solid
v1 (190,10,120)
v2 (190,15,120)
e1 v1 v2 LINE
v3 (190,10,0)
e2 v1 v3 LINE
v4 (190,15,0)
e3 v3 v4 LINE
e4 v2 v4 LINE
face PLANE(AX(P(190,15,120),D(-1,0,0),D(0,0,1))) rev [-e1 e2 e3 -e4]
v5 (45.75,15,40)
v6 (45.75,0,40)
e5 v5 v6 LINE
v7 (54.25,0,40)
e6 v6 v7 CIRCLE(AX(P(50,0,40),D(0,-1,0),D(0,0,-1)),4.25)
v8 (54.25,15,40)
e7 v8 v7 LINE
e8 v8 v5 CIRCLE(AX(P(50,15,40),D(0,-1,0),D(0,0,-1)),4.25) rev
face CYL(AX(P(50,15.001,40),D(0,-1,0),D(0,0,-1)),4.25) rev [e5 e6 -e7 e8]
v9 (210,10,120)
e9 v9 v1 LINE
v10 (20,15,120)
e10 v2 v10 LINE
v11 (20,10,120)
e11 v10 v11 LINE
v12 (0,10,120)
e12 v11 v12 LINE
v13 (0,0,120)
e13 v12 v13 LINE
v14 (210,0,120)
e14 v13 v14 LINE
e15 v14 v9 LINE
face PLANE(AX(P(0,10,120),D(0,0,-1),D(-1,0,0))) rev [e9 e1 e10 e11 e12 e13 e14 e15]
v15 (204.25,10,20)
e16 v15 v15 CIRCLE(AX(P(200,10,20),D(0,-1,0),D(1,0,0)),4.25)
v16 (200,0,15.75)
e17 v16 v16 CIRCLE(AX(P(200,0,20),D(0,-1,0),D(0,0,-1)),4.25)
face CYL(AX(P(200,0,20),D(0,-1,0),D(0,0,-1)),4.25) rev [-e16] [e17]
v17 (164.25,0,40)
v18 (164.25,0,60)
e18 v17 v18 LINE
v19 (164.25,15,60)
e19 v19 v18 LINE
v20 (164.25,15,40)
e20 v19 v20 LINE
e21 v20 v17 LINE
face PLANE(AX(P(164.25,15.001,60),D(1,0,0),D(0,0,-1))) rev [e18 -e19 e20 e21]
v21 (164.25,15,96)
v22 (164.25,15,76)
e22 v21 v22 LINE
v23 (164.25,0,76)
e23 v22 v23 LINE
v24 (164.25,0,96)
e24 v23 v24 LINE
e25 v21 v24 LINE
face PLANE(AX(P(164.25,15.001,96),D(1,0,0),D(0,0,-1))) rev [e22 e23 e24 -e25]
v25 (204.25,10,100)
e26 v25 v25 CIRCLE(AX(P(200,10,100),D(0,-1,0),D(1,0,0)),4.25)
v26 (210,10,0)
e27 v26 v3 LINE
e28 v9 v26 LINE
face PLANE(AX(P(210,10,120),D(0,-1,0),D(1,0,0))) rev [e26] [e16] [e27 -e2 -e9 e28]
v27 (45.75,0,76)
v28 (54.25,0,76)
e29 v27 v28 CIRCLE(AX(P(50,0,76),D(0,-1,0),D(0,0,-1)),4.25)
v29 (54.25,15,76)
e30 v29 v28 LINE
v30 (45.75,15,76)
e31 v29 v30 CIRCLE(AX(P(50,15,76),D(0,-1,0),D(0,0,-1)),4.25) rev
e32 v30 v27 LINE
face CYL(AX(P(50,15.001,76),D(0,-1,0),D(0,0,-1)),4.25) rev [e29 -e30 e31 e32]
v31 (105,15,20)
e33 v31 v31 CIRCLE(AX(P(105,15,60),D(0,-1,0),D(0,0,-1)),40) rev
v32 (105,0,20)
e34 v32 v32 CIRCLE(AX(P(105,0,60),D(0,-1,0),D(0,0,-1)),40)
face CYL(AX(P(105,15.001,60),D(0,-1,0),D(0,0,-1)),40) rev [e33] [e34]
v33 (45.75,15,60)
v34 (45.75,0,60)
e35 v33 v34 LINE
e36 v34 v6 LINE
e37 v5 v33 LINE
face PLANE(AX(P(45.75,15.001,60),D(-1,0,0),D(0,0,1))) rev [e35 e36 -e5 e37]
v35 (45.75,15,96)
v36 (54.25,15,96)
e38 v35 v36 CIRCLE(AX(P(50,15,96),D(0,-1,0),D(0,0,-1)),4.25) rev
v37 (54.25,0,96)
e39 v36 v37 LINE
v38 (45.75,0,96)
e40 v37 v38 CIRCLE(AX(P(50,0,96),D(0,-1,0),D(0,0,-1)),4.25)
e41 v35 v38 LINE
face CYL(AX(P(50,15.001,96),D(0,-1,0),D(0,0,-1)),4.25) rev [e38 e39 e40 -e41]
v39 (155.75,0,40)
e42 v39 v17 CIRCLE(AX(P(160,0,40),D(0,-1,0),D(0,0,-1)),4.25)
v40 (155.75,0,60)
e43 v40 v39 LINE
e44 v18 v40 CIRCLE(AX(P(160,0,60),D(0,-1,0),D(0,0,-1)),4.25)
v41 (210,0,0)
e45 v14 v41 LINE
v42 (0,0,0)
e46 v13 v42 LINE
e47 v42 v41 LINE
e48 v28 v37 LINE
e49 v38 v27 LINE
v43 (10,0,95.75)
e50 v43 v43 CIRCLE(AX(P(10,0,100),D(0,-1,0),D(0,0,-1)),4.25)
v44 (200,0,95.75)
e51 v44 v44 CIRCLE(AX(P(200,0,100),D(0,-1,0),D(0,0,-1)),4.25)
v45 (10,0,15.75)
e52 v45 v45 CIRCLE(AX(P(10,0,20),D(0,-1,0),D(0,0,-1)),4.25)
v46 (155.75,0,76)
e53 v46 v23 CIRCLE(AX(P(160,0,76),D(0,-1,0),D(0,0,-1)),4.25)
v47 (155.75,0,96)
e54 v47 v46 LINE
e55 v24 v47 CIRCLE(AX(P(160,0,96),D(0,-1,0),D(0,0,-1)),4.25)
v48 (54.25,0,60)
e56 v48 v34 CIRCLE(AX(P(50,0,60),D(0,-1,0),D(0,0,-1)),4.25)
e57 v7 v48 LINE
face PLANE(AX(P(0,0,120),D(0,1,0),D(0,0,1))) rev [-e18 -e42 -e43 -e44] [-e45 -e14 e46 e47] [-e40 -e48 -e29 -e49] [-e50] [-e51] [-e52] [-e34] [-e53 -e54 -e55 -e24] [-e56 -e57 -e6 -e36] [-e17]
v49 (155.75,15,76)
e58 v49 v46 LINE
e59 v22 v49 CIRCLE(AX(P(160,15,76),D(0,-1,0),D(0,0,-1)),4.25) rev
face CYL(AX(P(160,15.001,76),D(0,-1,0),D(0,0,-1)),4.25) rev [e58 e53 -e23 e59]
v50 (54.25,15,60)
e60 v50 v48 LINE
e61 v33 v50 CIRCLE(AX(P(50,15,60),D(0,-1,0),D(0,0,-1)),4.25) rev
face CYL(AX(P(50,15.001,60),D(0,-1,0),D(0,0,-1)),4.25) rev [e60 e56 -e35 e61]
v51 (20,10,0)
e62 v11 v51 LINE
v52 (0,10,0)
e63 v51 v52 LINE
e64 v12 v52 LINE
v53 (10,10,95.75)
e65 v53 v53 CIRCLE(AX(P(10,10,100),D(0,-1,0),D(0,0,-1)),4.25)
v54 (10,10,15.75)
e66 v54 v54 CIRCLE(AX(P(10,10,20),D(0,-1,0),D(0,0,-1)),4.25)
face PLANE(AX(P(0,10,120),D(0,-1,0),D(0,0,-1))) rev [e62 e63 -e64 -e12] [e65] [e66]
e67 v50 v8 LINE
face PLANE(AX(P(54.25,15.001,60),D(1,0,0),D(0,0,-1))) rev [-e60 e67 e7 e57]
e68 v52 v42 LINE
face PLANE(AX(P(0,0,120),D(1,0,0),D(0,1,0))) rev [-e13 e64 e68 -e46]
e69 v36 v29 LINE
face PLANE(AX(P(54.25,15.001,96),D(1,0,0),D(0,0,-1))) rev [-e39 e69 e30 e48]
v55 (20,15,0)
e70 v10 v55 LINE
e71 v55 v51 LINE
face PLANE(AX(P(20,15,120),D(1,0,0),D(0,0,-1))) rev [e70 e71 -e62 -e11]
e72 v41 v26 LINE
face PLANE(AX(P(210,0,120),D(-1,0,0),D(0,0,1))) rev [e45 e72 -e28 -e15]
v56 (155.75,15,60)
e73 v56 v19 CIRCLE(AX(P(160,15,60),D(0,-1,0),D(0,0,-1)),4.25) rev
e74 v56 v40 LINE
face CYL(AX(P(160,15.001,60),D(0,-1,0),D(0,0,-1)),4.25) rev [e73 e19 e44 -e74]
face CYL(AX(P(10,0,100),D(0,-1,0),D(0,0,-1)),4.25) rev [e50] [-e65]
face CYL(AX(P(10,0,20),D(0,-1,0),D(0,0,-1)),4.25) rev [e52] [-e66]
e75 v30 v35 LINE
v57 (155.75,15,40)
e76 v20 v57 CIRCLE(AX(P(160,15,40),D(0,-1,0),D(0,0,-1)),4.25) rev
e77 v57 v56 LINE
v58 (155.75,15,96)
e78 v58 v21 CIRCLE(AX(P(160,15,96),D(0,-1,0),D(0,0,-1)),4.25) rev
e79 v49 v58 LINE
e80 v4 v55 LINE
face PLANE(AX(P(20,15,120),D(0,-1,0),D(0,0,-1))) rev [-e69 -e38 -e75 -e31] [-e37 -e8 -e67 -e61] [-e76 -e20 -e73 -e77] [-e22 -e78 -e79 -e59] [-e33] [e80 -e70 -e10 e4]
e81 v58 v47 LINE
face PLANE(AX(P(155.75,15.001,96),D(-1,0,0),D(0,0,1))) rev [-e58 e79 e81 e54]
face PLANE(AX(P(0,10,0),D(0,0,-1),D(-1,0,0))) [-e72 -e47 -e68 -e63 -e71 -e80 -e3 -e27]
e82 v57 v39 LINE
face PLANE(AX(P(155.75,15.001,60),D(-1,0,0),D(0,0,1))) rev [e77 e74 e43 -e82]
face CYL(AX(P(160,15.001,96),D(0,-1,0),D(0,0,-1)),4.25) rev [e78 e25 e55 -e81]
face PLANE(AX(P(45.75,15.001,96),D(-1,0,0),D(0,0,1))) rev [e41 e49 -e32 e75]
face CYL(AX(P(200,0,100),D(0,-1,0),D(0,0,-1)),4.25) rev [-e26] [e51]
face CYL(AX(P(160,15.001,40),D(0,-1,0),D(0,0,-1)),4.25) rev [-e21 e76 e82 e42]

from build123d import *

# Parameters (mm, degrees)
EXTRUDE_1_DEPTH             = 120
HOLE_WIZARD_8_5_8_5_1_D     = 8.5
PATTERN_LINEAR_1_COUNT      = 2
PATTERN_LINEAR_1_PITCH      = 190
PATTERN_LINEAR_1_COUNT_DIR2 = 2
PATTERN_LINEAR_1_PITCH_DIR2 = 80
CUT_EXTRUDE_2_REACH         = 244.332
SKETCH_3_R                  = 40


with BuildPart() as part:
    # 草图1 → 拉伸1 (new body)
    with BuildSketch(Plane.XY):
        Polygon((0, 0), (210, 0), (210, 10), (190, 10), (190, 15), (20, 15), (20, 10), (0, 10), align=None)
    extrude(amount=EXTRUDE_1_DEPTH)

    # Ø8.5 (8.5) 直径孔1 (through all)
    with Locations(Plane(origin=(10, 0, 20), x_dir=(0, 0, -1), z_dir=(0, -1, 0))):
        with Locations((0, 0)):
            hole_wizard_8_5_8_5_1 = Hole(HOLE_WIZARD_8_5_8_5_1_D / 2)

    # 阵列(线性)1: Hole Wizard 8.5 _8.5_ _1 2 × 2
    with Locations(*[(i * PATTERN_LINEAR_1_PITCH, 0, j * PATTERN_LINEAR_1_PITCH_DIR2) for i in range(PATTERN_LINEAR_1_COUNT) for j in range(PATTERN_LINEAR_1_COUNT_DIR2) if (i, j) != (0, 0)]):
        add(hole_wizard_8_5_8_5_1, mode=Mode.SUBTRACT)

    # 草图3 → 拉伸2 (cut, up to next)
    with BuildSketch(Plane.XZ, mode=Mode.PRIVATE) as cut_extrude_2_sk1:
        with Locations(Location((105, 60, 0), (0, 0, 270))):
            Circle(SKETCH_3_R)
    cut_extrude_2_tool1 = extrude(cut_extrude_2_sk1.sketch, amount=-CUT_EXTRUDE_2_REACH, mode=Mode.PRIVATE) & part.part
    # 草图3 → 拉伸2 (cut, up to next)
    with BuildSketch(Plane.XZ, mode=Mode.PRIVATE) as cut_extrude_2_sk2:
        with BuildLine():
            Line((45.75, 96), (45.75, 76))
            ThreePointArc((45.75, 76), (50, 71.75), (54.25, 76))
            Line((54.25, 76), (54.25, 96))
            ThreePointArc((54.25, 96), (50, 100.25), (45.75, 96))
        make_face()
    cut_extrude_2_tool2 = extrude(cut_extrude_2_sk2.sketch, amount=-CUT_EXTRUDE_2_REACH, mode=Mode.PRIVATE) & part.part
    # 草图3 → 拉伸2 (cut, up to next)
    with BuildSketch(Plane.XZ, mode=Mode.PRIVATE) as cut_extrude_2_sk3:
        with BuildLine():
            Line((155.75, 96), (155.75, 76))
            ThreePointArc((155.75, 76), (160, 71.75), (164.25, 76))
            Line((164.25, 76), (164.25, 96))
            ThreePointArc((164.25, 96), (160, 100.25), (155.75, 96))
        make_face()
    cut_extrude_2_tool3 = extrude(cut_extrude_2_sk3.sketch, amount=-CUT_EXTRUDE_2_REACH, mode=Mode.PRIVATE) & part.part
    # 草图3 → 拉伸2 (cut, up to next)
    with BuildSketch(Plane.XZ, mode=Mode.PRIVATE) as cut_extrude_2_sk4:
        with BuildLine():
            Line((45.75, 60), (45.75, 40))
            ThreePointArc((45.75, 40), (50, 35.75), (54.25, 40))
            Line((54.25, 40), (54.25, 60))
            ThreePointArc((54.25, 60), (50, 64.25), (45.75, 60))
        make_face()
    cut_extrude_2_tool4 = extrude(cut_extrude_2_sk4.sketch, amount=-CUT_EXTRUDE_2_REACH, mode=Mode.PRIVATE) & part.part
    # 草图3 → 拉伸2 (cut, up to next)
    with BuildSketch(Plane.XZ, mode=Mode.PRIVATE) as cut_extrude_2_sk5:
        with BuildLine():
            Line((155.75, 60), (155.75, 40))
            ThreePointArc((155.75, 40), (160, 35.75), (164.25, 40))
            Line((164.25, 40), (164.25, 60))
            ThreePointArc((164.25, 60), (160, 64.25), (155.75, 60))
        make_face()
    cut_extrude_2_tool5 = extrude(cut_extrude_2_sk5.sketch, amount=-CUT_EXTRUDE_2_REACH, mode=Mode.PRIVATE) & part.part
    add(cut_extrude_2_tool1.solids().sort_by_distance((105, 0, 60))[0], mode=Mode.SUBTRACT)
    add(cut_extrude_2_tool2.solids().sort_by_distance((50, 0, 86))[0], mode=Mode.SUBTRACT)
    add(cut_extrude_2_tool3.solids().sort_by_distance((160, 0, 86))[0], mode=Mode.SUBTRACT)
    add(cut_extrude_2_tool4.solids().sort_by_distance((50, 0, 50))[0], mode=Mode.SUBTRACT)
    add(cut_extrude_2_tool5.solids().sort_by_distance((160, 0, 50))[0], mode=Mode.SUBTRACT)


solid = part.part
